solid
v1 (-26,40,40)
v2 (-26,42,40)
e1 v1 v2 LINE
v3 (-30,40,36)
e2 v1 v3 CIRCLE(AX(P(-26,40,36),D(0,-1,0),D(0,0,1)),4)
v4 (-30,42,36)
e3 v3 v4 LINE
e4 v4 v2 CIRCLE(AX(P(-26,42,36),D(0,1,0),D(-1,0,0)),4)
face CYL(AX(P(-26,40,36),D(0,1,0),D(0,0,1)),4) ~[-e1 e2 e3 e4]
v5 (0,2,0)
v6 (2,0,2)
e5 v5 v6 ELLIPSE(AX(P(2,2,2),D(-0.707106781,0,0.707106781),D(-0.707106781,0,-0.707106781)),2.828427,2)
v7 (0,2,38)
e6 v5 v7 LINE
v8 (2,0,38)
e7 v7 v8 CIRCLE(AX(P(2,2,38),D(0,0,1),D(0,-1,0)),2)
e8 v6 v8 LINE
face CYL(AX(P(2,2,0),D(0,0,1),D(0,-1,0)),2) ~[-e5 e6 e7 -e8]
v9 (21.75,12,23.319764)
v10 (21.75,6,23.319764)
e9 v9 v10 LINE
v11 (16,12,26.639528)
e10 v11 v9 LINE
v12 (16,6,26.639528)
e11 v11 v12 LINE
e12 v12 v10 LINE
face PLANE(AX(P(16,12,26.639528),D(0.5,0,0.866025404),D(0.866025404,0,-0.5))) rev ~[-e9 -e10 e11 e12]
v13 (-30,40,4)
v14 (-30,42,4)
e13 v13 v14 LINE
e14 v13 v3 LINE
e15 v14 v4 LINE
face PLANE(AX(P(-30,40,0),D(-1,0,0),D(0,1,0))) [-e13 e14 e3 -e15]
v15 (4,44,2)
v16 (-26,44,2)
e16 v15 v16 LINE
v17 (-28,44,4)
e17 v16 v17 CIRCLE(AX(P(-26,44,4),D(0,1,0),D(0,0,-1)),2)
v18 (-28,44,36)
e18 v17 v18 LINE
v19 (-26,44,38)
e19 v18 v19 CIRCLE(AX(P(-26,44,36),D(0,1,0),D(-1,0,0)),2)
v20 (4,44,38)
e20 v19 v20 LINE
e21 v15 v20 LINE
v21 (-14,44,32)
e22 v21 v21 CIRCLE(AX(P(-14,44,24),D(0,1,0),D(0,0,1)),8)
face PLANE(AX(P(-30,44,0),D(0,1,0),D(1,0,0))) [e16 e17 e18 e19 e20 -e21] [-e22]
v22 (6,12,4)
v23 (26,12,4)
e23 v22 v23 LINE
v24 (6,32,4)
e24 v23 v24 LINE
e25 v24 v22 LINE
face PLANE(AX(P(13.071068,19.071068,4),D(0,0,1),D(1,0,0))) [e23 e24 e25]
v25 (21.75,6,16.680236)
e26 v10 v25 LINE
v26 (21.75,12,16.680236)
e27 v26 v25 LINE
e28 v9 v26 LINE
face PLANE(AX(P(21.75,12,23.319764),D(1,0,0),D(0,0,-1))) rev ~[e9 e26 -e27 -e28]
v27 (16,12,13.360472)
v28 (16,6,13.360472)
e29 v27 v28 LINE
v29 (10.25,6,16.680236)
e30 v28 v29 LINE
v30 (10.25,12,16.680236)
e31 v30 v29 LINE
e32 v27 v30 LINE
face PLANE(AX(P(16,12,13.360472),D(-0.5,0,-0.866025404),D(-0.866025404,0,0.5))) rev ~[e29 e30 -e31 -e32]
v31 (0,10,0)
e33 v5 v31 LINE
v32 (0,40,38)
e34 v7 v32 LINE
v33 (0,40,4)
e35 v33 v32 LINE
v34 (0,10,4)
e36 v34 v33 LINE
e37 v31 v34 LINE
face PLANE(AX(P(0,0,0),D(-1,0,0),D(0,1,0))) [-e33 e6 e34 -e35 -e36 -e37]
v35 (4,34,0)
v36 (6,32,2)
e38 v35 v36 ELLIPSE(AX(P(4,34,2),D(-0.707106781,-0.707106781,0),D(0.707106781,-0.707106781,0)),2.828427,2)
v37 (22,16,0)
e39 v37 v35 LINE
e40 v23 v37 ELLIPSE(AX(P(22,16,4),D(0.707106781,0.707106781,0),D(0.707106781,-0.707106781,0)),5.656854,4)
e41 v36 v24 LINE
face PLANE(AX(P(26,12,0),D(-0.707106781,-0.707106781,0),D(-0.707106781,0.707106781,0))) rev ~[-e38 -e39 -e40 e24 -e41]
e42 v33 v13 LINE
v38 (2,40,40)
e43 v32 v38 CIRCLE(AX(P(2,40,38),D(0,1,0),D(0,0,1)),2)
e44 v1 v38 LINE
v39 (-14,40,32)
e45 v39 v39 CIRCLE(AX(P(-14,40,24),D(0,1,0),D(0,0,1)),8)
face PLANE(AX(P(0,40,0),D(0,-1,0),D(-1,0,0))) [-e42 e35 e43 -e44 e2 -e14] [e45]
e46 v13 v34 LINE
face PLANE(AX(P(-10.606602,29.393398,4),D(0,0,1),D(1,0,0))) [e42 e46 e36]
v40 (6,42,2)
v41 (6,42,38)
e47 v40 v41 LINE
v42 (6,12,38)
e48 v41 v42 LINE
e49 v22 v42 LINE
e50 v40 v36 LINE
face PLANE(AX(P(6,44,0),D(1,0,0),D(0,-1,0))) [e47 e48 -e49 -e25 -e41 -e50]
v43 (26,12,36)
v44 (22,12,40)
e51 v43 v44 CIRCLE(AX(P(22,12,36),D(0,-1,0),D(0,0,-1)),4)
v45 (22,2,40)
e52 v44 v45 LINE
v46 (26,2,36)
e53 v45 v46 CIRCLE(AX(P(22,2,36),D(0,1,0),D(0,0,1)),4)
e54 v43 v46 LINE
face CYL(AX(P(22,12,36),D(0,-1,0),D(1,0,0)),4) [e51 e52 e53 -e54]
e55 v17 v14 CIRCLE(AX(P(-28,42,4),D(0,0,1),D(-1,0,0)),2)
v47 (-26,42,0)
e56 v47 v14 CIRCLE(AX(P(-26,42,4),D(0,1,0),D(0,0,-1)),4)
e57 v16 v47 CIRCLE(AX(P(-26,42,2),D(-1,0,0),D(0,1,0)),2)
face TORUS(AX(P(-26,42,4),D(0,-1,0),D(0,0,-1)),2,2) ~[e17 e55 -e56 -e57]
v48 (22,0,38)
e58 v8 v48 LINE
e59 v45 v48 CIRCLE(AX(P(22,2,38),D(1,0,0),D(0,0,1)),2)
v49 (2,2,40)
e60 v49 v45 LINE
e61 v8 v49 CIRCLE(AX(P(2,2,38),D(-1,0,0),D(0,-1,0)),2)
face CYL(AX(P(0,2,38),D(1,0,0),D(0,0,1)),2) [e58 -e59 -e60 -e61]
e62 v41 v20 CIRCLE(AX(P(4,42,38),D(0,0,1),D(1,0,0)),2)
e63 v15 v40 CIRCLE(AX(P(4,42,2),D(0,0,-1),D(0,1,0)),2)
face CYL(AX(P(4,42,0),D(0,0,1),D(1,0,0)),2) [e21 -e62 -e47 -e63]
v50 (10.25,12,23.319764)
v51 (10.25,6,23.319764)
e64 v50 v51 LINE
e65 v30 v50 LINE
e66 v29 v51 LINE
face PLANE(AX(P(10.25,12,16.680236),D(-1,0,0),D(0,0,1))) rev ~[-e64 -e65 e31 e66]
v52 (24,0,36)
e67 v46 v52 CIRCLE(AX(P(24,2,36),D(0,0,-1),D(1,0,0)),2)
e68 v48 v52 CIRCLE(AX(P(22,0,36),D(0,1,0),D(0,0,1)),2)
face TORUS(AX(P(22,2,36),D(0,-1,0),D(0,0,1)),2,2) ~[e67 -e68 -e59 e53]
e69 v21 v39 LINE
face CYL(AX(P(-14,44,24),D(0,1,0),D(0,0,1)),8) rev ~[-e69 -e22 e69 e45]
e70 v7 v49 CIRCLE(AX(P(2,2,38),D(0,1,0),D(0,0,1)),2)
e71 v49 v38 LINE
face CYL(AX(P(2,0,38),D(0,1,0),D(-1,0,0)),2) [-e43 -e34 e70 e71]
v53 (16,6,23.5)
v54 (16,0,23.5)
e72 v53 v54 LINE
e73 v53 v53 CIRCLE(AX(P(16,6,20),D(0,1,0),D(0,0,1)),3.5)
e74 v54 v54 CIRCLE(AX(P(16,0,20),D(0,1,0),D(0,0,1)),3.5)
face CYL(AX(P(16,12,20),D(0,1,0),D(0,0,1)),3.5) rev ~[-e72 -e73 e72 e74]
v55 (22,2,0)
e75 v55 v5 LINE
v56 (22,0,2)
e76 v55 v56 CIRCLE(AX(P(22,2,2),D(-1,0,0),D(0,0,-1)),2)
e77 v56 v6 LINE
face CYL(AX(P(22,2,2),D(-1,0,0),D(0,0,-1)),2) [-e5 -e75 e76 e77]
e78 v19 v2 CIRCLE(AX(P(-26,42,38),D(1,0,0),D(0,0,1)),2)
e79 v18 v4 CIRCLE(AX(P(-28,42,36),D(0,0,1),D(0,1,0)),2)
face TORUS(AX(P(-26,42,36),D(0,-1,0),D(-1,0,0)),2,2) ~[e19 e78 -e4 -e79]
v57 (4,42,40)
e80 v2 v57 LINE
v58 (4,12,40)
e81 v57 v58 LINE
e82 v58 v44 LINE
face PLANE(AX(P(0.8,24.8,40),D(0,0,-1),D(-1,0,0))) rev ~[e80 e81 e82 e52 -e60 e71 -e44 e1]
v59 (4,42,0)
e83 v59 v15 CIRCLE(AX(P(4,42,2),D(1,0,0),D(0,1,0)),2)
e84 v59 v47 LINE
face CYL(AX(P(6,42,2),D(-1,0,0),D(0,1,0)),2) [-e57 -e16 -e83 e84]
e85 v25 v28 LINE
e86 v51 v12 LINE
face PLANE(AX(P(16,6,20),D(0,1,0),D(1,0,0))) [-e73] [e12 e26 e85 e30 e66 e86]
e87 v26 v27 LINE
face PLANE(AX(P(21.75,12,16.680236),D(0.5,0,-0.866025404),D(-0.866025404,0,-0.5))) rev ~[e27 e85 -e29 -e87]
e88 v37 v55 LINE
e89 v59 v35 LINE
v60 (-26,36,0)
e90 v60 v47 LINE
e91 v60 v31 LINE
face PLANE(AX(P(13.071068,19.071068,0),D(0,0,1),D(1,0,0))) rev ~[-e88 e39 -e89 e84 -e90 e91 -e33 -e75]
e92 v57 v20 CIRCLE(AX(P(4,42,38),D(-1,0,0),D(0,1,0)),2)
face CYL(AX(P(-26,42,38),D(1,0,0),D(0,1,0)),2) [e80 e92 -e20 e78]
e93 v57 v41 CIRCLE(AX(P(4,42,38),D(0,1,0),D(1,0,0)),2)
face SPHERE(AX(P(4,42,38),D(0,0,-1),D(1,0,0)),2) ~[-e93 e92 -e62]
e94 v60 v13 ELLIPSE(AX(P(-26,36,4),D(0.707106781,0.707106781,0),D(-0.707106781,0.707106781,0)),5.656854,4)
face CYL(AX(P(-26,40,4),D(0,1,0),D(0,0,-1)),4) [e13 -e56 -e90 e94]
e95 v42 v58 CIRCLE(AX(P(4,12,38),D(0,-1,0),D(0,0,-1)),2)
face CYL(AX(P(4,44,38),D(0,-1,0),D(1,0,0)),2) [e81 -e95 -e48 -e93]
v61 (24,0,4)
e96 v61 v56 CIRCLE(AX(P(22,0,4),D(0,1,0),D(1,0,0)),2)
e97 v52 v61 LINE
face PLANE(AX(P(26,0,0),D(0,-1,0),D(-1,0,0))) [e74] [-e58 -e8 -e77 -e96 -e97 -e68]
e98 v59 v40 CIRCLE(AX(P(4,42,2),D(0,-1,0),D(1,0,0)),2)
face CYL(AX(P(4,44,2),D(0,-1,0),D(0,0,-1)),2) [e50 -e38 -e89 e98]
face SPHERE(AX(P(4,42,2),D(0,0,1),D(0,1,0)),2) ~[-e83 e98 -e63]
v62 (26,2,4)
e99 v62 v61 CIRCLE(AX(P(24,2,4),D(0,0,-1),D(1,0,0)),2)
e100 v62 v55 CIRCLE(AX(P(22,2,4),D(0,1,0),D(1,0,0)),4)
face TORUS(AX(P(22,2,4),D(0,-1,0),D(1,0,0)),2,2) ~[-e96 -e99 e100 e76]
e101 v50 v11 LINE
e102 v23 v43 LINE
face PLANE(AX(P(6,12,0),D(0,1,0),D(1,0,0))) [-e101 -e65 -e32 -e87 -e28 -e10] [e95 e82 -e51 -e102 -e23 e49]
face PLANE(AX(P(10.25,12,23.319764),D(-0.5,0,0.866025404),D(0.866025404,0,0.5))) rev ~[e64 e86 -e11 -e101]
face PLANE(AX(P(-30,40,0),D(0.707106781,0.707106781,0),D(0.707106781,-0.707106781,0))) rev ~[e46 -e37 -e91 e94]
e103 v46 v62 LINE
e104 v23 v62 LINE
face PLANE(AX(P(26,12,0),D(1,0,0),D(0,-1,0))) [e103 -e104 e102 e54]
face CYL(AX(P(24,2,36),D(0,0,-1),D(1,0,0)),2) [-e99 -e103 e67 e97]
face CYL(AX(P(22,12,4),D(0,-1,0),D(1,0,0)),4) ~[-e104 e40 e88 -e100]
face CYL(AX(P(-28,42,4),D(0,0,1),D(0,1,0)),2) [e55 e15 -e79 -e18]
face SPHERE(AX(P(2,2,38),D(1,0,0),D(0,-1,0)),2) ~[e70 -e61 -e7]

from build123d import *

# Parameters (mm, degrees)
BOSS_EXTRUDE1_DEPTH = 40
SKETCH3_R           = 3.5
CUT_EXTRUDE1_DEPTH  = 32
SKETCH2_R           = 8
CUT_EXTRUDE2_DEPTH  = 32
CUT_EXTRUDE3_DEPTH  = 6
BOSS_EXTRUDE3_DEPTH = 4
FILLET1_R           = 4
FILLET4_R           = 2


with BuildPart() as part:
    # Sketch1 → Boss-Extrude1 (new body)
    with BuildSketch(Plane.XY):
        Polygon((0, 0), (0, 40), (-30, 40), (-30, 44), (6, 44), (6, 12), (26, 12), (26, 0), align=None)
    extrude(amount=BOSS_EXTRUDE1_DEPTH)

    # Sketch3 → Cut-Extrude1 (cut)
    with BuildSketch(Plane(origin=(0, 12, 0), x_dir=(1, 0, 0), z_dir=(0, 1, 0))):
        with Locations(Location((16, -20, 0), (0, 0, 270))):
            Circle(SKETCH3_R)
    extrude(amount=-CUT_EXTRUDE1_DEPTH, mode=Mode.SUBTRACT)

    # Sketch2 → Cut-Extrude2 (cut)
    with BuildSketch(Plane(origin=(0, 44, 0), x_dir=(1, 0, 0), z_dir=(0, 1, 0))):
        with Locations(Location((-14, -24, 0), (0, 0, 270))):
            Circle(SKETCH2_R)
    extrude(amount=-CUT_EXTRUDE2_DEPTH, mode=Mode.SUBTRACT)

    # Sketch4 → Cut-Extrude3 (cut)
    with BuildSketch(Plane(origin=(0, 12, 0), x_dir=(1, 0, 0), z_dir=(0, 1, 0))):
        Polygon((16, -26.639528096), (21.75, -23.319764048), (21.75, -16.680235952), (16, -13.360471904), (10.25, -16.680235952), (10.25, -23.319764048), align=None)
    extrude(amount=-CUT_EXTRUDE3_DEPTH, mode=Mode.SUBTRACT)

    # Sketch5 → Boss-Extrude3 (add)
    with BuildSketch(Plane(origin=(0, 0, 0), x_dir=(-1, 0, 0), z_dir=(0, 0, -1))):
        Polygon((-26, 12), (-6, 32), (-6, 12), align=None)
        Polygon((0, 10), (0, 40), (30, 40), align=None)
    extrude(amount=-BOSS_EXTRUDE3_DEPTH)

    # Fillet1
    fillet1_edges = [part.edges().sort_by_distance(p)[0] for p in [
        (26, 6, 0),
        (-30, 42, 40),
        (26, 6, 40),
        (-30, 42, 0),
    ]]
    fillet(fillet1_edges, radius=FILLET1_R)

    # Fillet4
    fillet4_edges = [part.edges().sort_by_distance(p)[0] for p in [
        (11, 0, 0),
        (0, 0, 20),
        (6, 44, 20),
        (6, 28, 40),
        (-10, 44, 40),
        (0, 20, 40),
        (11, 0, 40),
        (6, 38, 0),
        (26, 0, 20),
        (24.828427125, 0, 1.171572875),
        (24.828427125, 0, 38.828427125),
        (-30, 44, 20),
        (-28.828427125, 44, 1.171572875),
        (-28.828427125, 44, 38.828427125),
        (-10, 44, 0),
    ]]
    fillet(fillet4_edges, radius=FILLET4_R)


solid = part.part
